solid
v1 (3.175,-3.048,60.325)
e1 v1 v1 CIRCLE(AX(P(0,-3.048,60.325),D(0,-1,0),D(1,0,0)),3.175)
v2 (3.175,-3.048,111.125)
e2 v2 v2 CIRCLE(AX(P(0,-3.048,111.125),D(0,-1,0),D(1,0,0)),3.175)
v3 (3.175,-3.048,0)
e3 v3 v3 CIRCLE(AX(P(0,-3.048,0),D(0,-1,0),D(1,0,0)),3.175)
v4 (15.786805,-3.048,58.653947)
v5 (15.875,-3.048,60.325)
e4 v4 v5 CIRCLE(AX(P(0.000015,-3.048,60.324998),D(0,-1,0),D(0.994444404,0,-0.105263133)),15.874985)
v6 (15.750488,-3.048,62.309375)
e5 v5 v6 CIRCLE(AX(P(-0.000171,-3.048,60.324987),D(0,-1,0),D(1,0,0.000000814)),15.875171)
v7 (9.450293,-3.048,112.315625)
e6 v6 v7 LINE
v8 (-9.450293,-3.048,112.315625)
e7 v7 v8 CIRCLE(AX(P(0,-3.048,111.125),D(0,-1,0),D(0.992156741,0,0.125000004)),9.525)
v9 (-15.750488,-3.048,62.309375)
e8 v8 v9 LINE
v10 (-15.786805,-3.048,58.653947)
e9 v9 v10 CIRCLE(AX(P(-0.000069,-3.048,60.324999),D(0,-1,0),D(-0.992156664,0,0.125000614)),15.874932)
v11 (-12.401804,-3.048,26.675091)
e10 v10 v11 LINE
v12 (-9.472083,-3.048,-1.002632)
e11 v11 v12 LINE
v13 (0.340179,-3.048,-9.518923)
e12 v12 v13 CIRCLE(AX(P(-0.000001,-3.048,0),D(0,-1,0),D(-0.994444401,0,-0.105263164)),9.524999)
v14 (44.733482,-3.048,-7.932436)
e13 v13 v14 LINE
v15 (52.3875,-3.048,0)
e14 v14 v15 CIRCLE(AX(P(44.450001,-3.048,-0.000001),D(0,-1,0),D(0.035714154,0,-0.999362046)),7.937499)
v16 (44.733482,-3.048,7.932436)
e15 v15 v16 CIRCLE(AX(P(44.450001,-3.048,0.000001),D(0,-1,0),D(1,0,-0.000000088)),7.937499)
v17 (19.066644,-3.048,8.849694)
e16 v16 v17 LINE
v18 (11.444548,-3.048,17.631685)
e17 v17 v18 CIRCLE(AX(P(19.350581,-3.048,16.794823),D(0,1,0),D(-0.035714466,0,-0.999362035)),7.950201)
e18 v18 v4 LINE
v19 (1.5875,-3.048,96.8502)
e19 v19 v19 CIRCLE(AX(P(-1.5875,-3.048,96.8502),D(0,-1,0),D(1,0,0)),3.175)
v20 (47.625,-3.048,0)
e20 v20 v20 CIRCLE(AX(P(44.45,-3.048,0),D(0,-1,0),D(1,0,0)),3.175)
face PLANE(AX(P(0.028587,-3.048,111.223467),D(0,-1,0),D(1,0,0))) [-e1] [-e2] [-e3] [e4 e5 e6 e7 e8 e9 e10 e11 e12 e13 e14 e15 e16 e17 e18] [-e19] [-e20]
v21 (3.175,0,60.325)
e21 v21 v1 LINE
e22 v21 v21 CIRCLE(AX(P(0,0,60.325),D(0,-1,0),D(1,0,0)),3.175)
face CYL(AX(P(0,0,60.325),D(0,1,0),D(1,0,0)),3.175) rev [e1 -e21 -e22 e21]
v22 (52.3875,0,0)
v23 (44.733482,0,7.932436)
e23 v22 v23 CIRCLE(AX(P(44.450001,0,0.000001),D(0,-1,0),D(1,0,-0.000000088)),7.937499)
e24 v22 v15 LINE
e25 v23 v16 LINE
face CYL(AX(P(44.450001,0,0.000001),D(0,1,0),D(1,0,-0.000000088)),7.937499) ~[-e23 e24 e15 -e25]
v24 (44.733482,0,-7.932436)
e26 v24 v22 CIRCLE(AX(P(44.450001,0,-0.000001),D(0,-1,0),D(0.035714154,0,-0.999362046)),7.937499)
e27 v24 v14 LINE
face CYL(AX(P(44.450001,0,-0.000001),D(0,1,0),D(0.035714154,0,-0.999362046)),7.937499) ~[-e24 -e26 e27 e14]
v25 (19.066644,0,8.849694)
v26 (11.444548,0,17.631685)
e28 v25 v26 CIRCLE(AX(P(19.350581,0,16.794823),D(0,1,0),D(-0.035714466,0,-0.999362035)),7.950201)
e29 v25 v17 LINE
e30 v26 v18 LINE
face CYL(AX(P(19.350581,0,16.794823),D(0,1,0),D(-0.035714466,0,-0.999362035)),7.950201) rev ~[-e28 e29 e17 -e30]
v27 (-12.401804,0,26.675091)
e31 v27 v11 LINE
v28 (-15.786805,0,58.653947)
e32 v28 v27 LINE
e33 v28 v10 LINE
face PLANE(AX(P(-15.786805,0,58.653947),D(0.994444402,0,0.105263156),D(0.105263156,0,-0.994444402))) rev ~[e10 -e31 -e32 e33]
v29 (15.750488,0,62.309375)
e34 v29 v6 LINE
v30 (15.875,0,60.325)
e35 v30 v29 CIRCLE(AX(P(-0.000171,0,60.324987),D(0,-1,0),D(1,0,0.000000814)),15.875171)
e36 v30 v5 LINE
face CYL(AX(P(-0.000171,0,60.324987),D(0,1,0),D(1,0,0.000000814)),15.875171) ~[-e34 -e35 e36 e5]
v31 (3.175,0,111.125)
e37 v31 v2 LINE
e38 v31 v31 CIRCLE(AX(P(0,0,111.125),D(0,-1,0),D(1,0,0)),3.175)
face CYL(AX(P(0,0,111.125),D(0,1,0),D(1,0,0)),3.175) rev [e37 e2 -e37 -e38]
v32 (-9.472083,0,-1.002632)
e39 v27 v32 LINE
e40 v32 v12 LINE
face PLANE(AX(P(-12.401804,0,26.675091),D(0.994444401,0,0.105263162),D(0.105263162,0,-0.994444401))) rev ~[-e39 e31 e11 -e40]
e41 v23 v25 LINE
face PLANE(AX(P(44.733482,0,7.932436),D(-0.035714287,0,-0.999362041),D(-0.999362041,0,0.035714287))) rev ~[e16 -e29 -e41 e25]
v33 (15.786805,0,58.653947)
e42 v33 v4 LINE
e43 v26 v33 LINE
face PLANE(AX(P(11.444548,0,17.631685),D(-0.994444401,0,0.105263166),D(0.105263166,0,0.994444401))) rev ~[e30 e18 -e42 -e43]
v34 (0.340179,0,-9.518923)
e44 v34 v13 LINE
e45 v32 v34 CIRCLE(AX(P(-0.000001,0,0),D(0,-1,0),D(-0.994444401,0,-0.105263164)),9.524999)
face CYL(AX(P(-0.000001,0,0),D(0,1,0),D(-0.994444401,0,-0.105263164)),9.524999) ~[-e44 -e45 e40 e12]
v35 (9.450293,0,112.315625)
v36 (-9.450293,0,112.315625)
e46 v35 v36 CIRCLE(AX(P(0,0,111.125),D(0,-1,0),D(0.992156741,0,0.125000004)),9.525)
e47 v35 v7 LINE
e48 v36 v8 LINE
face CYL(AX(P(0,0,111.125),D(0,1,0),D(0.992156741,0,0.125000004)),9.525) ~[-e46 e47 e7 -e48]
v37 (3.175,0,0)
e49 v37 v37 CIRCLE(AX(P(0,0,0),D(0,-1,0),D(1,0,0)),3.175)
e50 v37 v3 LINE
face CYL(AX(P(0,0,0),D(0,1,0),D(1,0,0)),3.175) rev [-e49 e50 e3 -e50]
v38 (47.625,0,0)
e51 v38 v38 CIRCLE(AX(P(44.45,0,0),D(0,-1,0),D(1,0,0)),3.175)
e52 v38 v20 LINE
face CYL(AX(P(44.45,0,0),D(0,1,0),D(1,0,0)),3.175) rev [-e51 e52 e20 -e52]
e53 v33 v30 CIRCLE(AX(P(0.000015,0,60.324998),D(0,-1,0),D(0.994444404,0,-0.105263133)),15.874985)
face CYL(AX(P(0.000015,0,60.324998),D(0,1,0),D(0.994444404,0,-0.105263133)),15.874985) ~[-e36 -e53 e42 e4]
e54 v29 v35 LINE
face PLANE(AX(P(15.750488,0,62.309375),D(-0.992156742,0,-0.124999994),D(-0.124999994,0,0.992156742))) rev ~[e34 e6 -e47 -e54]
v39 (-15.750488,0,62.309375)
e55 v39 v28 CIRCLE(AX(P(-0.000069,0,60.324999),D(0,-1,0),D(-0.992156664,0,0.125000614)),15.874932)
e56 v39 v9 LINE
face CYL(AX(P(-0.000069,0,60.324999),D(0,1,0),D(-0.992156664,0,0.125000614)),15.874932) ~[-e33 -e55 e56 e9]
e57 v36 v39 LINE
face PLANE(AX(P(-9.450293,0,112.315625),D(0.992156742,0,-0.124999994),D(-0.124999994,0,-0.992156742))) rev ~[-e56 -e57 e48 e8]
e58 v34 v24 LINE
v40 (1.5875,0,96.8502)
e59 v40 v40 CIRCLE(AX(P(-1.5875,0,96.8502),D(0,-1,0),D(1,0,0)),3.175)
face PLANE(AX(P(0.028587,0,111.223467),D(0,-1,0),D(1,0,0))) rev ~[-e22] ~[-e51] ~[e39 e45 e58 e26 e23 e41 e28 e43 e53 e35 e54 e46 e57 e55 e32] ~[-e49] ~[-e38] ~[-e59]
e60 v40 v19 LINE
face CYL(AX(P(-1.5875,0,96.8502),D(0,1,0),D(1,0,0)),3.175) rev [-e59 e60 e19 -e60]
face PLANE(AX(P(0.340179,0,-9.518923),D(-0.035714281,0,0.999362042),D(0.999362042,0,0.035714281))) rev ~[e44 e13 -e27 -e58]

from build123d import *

# Parameters (mm, degrees)
F0_R     = 3.175
F1_DEPTH = 3.048


with BuildPart() as f1:
    # F0 (on Front) → F1 (new body)
    with BuildSketch(Plane.XZ):
        with BuildLine():
            ThreePointArc((-9.450293, 112.315625), (-0.596483, 101.618695), (9.525, 111.125))
            ThreePointArc((9.525, 111.125), (9.506305, 111.721483), (9.450293, 112.315625))
            ThreePointArc((9.450293, 112.315625), (0, 120.65), (-9.450293, 112.315625))
        make_face()
        with Locations((0, 111.125)):
            Circle(F0_R, mode=Mode.SUBTRACT)
        with BuildLine():
            ThreePointArc((9.450293, 112.315625), (9.506305, 111.721483), (9.525, 111.125))
            ThreePointArc((9.525, 111.125), (-0.596483, 101.618695), (-9.450293, 112.315625))
            Line((-9.450293, 112.315625), (-15.750488, 62.309375))
            ThreePointArc((-15.750488, 62.309375), (0, 76.2), (15.750488, 62.309375))
            Line((15.750488, 62.309375), (9.450293, 112.315625))
        make_face()
        with Locations((-1.5875, 96.8502)):
            Circle(F0_R, mode=Mode.SUBTRACT)
        with BuildLine():
            ThreePointArc((15.875, 60.325), (15.843841, 61.319139), (15.750488, 62.309375))
            ThreePointArc((15.750488, 62.309375), (0, 76.2), (-15.750488, 62.309375))
            ThreePointArc((-15.750488, 62.309375), (-15.874217, 60.48271), (-15.786805, 58.653947))
            ThreePointArc((-15.786805, 58.653947), (0, 44.45), (15.786805, 58.653947))
            ThreePointArc((15.786805, 58.653947), (15.852936, 59.488311), (15.875, 60.325))
        make_face()
        with Locations((0, 60.325)):
            Circle(F0_R, mode=Mode.SUBTRACT)
        with BuildLine():
            ThreePointArc((15.786805, 58.653947), (0, 44.45), (-15.786805, 58.653947))
            Line((-15.786805, 58.653947), (-12.401804, 26.675091))
            Line((-12.401804, 26.675091), (-9.472083, -1.002632))
            ThreePointArc((-9.472083, -1.002632), (-0.502014, 9.511762), (9.525, 0))
            ThreePointArc((9.525, 0), (6.854408, -6.613827), (0.340179, -9.518923))
            Line((0.340179, -9.518923), (44.733482, -7.932436))
            ThreePointArc((44.733482, -7.932436), (36.5125, 0), (44.733482, 7.932436))
            Line((44.733482, 7.932436), (19.066644, 8.849694))
            ThreePointArc((19.066644, 8.849694), (13.346437, 11.583686), (11.444548, 17.631685))
            Line((11.444548, 17.631685), (15.786805, 58.653947))
        make_face()
        with BuildLine():
            ThreePointArc((9.525, 0), (-0.502014, 9.511762), (-9.472083, -1.002632))
            ThreePointArc((-9.472083, -1.002632), (-6.243375, -7.193462), (0.340179, -9.518923))
            ThreePointArc((0.340179, -9.518923), (6.854408, -6.613827), (9.525, 0))
        make_face()
        Circle(F0_R, mode=Mode.SUBTRACT)
        with BuildLine():
            ThreePointArc((52.3875, 0), (50.162007, 5.511523), (44.733482, 7.932436))
            ThreePointArc((44.733482, 7.932436), (36.5125, 0), (44.733482, -7.932436))
            ThreePointArc((44.733482, -7.932436), (50.162007, -5.511523), (52.3875, 0))
        make_face()
        with Locations((44.45, 0)):
            Circle(F0_R, mode=Mode.SUBTRACT)
    extrude(amount=F1_DEPTH)


solid = f1.part
